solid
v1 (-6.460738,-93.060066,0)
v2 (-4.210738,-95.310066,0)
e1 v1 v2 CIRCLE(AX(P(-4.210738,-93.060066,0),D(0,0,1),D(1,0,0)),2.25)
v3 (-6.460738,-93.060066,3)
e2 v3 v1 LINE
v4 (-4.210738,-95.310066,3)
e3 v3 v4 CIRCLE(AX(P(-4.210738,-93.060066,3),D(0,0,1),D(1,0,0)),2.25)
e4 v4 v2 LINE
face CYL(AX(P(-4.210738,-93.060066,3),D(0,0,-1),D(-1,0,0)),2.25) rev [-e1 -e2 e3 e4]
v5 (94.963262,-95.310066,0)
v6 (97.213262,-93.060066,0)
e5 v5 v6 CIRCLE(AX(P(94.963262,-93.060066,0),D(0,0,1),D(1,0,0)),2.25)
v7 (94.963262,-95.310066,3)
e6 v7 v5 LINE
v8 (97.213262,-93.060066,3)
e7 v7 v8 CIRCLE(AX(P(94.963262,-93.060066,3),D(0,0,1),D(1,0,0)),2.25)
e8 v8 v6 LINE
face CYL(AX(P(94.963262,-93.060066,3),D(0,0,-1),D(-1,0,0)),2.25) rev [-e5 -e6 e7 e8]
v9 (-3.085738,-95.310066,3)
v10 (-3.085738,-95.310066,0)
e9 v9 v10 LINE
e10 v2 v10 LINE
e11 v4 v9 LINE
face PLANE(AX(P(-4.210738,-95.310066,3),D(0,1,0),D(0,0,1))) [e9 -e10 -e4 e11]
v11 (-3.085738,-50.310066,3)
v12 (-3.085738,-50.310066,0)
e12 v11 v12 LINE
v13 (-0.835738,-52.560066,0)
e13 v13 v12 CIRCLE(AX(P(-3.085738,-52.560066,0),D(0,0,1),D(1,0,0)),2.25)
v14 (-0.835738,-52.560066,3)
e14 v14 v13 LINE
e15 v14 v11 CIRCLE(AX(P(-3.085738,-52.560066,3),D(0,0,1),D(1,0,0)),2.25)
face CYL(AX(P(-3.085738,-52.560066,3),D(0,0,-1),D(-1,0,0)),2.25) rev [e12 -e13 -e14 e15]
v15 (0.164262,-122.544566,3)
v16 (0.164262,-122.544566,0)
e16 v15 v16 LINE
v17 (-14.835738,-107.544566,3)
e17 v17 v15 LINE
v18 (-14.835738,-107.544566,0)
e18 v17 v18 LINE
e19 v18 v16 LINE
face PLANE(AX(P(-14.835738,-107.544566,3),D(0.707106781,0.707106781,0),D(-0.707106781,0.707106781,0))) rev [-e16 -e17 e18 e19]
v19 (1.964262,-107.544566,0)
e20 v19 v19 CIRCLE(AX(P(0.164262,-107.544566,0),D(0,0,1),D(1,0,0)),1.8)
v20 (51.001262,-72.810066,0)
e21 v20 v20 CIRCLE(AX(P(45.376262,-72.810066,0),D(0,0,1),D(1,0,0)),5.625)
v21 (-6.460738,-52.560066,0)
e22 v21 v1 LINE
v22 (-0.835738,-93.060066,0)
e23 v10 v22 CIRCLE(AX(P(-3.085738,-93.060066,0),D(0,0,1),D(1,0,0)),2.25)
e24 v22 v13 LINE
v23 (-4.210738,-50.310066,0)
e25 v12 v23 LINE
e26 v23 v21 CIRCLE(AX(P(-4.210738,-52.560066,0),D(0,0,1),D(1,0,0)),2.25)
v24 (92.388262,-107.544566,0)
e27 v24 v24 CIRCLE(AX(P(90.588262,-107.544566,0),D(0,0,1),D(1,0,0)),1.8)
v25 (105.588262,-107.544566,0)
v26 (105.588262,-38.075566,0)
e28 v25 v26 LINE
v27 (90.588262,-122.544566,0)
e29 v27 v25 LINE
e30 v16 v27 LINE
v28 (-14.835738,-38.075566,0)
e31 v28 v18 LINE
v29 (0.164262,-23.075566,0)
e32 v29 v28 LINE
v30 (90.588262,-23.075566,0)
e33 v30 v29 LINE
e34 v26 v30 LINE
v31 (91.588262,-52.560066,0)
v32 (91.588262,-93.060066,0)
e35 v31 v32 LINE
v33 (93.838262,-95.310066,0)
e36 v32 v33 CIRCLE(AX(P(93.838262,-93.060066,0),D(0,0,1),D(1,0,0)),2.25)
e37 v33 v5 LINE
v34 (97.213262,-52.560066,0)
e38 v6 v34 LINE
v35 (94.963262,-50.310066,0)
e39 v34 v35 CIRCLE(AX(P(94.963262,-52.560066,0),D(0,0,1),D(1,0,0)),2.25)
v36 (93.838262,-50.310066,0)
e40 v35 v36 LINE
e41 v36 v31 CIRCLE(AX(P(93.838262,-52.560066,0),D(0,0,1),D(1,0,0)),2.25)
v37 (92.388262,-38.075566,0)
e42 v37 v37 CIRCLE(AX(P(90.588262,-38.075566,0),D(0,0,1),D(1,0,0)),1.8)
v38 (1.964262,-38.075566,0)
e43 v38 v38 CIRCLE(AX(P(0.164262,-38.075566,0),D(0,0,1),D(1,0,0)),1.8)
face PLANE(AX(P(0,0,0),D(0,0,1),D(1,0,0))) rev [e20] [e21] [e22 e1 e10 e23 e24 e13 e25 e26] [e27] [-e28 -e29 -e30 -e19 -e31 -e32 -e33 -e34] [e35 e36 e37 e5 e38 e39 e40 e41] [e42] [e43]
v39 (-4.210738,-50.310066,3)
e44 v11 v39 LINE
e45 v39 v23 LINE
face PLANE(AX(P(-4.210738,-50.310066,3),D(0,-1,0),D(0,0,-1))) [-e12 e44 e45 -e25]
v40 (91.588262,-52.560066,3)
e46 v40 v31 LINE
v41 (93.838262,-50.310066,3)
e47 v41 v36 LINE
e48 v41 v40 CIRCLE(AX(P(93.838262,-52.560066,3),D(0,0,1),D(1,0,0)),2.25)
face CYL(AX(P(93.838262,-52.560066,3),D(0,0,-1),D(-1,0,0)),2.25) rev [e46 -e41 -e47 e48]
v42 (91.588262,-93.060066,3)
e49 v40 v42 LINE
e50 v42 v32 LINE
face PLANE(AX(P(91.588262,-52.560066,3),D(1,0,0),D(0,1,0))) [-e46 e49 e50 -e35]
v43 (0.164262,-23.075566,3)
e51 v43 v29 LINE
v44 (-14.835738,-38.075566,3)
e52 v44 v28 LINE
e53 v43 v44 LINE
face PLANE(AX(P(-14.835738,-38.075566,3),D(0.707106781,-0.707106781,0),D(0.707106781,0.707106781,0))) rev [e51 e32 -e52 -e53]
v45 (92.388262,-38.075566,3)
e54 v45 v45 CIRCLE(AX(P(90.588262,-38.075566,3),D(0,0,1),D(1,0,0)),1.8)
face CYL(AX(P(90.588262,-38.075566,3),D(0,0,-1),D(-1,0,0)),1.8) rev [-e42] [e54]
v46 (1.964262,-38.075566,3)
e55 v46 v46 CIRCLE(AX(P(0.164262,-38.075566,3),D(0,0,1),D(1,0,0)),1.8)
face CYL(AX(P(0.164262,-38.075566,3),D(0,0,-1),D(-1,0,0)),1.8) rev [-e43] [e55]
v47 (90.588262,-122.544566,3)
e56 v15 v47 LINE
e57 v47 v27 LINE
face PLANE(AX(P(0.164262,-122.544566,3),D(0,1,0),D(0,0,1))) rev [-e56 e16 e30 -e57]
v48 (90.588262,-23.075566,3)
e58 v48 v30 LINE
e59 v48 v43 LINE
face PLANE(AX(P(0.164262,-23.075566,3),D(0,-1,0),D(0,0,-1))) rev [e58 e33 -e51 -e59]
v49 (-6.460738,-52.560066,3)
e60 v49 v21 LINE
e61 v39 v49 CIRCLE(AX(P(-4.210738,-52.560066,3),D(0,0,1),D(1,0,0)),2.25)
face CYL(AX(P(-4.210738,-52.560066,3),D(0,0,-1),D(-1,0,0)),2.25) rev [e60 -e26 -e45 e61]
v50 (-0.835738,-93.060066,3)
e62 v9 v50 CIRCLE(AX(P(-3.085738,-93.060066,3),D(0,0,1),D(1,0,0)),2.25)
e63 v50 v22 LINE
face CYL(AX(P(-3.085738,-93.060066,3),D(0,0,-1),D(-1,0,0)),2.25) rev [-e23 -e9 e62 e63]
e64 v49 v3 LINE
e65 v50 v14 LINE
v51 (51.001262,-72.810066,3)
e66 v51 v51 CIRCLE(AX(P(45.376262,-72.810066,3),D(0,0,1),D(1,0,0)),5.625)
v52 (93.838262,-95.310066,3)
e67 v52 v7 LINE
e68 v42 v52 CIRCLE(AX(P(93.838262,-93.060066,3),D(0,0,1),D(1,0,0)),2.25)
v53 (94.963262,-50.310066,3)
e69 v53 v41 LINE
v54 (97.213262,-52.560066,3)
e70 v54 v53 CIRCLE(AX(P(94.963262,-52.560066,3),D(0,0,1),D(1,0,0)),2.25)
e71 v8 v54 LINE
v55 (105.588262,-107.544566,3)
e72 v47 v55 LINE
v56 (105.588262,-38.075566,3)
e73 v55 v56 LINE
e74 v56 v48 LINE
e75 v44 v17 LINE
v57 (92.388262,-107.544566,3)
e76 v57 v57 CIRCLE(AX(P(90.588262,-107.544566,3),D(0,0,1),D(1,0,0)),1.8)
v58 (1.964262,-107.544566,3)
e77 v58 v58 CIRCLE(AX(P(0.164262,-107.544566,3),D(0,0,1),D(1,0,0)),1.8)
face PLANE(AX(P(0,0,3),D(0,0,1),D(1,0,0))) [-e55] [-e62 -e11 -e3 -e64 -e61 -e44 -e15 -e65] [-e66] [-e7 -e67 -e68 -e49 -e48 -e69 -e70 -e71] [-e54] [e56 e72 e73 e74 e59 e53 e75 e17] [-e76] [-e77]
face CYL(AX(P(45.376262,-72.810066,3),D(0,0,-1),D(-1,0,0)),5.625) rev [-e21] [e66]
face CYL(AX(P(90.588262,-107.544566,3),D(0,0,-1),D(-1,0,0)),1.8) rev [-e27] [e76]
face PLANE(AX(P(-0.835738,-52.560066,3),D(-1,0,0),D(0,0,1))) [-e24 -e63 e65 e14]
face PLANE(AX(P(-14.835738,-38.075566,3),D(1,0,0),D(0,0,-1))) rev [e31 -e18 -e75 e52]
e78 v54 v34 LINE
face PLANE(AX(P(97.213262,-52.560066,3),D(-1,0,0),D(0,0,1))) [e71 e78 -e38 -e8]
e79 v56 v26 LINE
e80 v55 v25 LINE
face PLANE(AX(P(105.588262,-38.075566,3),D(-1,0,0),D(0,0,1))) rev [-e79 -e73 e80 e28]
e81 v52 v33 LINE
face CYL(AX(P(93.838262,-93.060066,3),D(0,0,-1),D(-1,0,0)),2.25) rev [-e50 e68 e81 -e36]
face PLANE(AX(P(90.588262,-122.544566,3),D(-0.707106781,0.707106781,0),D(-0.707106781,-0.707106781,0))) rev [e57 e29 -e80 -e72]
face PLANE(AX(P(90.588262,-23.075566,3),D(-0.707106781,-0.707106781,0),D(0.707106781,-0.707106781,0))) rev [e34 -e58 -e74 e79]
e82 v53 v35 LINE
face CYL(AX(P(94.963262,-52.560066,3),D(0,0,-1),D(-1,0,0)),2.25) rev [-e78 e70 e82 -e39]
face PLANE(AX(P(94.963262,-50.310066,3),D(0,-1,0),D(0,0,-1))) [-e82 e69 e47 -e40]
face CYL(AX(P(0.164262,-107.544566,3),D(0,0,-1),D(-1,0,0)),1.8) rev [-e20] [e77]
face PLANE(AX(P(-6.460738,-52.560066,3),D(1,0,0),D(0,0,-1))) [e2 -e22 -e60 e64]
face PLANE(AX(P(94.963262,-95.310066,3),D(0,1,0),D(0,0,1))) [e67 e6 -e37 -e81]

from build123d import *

# Parameters (mm, degrees)
SKETCH1_R           = 1.8
SKETCH1_R_2         = 5.625
BOSS_EXTRUDE1_DEPTH = 3


with BuildPart() as part:
    # Sketch1 → Boss-Extrude1 (new body)
    with BuildSketch(Plane.XY):
        Polygon((-14.83573824, -38.075565591), (0.16426176, -23.075565591), (90.58826176, -23.075565591), (105.58826176, -38.075565591), (105.58826176, -107.544565591), (90.58826176, -122.544565591), (0.16426176, -122.544565591), (-14.83573824, -107.544565591), align=None)
        with Locations((0.16426176, -38.075565591)):
            Circle(SKETCH1_R, mode=Mode.SUBTRACT)
        with Locations((90.58826176, -38.075565591)):
            Circle(SKETCH1_R, mode=Mode.SUBTRACT)
        with Locations((90.58826176, -107.544565591)):
            Circle(SKETCH1_R, mode=Mode.SUBTRACT)
        with Locations((0.16426176, -107.544565591)):
            Circle(SKETCH1_R, mode=Mode.SUBTRACT)
        with Locations((45.37626176, -72.810065591)):
            Circle(SKETCH1_R_2, mode=Mode.SUBTRACT)
        with BuildLine():
            Line((-4.21073824, -50.310065591), (-3.08573824, -50.310065591))
            ThreePointArc((-3.08573824, -50.310065591), (-1.494747982, -50.969075333), (-0.83573824, -52.560065591))
            Line((-0.83573824, -52.560065591), (-0.83573824, -93.060065591))
            ThreePointArc((-0.83573824, -93.060065591), (-1.494747982, -94.651055848), (-3.08573824, -95.310065591))
            Line((-3.08573824, -95.310065591), (-4.21073824, -95.310065591))
            ThreePointArc((-4.21073824, -95.310065591), (-5.801728498, -94.651055848), (-6.46073824, -93.060065591))
            Line((-6.46073824, -93.060065591), (-6.46073824, -52.560065591))
            ThreePointArc((-6.46073824, -52.560065591), (-5.801728498, -50.969075333), (-4.21073824, -50.310065591))
        make_face(mode=Mode.SUBTRACT)
        with BuildLine():
            Line((94.96326176, -50.310065591), (93.83826176, -50.310065591))
            ThreePointArc((93.83826176, -50.310065591), (92.247271502, -50.969075333), (91.58826176, -52.560065591))
            Line((91.58826176, -52.560065591), (91.58826176, -93.060065591))
            ThreePointArc((91.58826176, -93.060065591), (92.247271502, -94.651055848), (93.83826176, -95.310065591))
            Line((93.83826176, -95.310065591), (94.96326176, -95.310065591))
            ThreePointArc((94.96326176, -95.310065591), (96.554252018, -94.651055848), (97.21326176, -93.060065591))
            Line((97.21326176, -93.060065591), (97.21326176, -52.560065591))
            ThreePointArc((97.21326176, -52.560065591), (96.554252018, -50.969075333), (94.96326176, -50.310065591))
        make_face(mode=Mode.SUBTRACT)
    extrude(amount=BOSS_EXTRUDE1_DEPTH)


solid = part.part
